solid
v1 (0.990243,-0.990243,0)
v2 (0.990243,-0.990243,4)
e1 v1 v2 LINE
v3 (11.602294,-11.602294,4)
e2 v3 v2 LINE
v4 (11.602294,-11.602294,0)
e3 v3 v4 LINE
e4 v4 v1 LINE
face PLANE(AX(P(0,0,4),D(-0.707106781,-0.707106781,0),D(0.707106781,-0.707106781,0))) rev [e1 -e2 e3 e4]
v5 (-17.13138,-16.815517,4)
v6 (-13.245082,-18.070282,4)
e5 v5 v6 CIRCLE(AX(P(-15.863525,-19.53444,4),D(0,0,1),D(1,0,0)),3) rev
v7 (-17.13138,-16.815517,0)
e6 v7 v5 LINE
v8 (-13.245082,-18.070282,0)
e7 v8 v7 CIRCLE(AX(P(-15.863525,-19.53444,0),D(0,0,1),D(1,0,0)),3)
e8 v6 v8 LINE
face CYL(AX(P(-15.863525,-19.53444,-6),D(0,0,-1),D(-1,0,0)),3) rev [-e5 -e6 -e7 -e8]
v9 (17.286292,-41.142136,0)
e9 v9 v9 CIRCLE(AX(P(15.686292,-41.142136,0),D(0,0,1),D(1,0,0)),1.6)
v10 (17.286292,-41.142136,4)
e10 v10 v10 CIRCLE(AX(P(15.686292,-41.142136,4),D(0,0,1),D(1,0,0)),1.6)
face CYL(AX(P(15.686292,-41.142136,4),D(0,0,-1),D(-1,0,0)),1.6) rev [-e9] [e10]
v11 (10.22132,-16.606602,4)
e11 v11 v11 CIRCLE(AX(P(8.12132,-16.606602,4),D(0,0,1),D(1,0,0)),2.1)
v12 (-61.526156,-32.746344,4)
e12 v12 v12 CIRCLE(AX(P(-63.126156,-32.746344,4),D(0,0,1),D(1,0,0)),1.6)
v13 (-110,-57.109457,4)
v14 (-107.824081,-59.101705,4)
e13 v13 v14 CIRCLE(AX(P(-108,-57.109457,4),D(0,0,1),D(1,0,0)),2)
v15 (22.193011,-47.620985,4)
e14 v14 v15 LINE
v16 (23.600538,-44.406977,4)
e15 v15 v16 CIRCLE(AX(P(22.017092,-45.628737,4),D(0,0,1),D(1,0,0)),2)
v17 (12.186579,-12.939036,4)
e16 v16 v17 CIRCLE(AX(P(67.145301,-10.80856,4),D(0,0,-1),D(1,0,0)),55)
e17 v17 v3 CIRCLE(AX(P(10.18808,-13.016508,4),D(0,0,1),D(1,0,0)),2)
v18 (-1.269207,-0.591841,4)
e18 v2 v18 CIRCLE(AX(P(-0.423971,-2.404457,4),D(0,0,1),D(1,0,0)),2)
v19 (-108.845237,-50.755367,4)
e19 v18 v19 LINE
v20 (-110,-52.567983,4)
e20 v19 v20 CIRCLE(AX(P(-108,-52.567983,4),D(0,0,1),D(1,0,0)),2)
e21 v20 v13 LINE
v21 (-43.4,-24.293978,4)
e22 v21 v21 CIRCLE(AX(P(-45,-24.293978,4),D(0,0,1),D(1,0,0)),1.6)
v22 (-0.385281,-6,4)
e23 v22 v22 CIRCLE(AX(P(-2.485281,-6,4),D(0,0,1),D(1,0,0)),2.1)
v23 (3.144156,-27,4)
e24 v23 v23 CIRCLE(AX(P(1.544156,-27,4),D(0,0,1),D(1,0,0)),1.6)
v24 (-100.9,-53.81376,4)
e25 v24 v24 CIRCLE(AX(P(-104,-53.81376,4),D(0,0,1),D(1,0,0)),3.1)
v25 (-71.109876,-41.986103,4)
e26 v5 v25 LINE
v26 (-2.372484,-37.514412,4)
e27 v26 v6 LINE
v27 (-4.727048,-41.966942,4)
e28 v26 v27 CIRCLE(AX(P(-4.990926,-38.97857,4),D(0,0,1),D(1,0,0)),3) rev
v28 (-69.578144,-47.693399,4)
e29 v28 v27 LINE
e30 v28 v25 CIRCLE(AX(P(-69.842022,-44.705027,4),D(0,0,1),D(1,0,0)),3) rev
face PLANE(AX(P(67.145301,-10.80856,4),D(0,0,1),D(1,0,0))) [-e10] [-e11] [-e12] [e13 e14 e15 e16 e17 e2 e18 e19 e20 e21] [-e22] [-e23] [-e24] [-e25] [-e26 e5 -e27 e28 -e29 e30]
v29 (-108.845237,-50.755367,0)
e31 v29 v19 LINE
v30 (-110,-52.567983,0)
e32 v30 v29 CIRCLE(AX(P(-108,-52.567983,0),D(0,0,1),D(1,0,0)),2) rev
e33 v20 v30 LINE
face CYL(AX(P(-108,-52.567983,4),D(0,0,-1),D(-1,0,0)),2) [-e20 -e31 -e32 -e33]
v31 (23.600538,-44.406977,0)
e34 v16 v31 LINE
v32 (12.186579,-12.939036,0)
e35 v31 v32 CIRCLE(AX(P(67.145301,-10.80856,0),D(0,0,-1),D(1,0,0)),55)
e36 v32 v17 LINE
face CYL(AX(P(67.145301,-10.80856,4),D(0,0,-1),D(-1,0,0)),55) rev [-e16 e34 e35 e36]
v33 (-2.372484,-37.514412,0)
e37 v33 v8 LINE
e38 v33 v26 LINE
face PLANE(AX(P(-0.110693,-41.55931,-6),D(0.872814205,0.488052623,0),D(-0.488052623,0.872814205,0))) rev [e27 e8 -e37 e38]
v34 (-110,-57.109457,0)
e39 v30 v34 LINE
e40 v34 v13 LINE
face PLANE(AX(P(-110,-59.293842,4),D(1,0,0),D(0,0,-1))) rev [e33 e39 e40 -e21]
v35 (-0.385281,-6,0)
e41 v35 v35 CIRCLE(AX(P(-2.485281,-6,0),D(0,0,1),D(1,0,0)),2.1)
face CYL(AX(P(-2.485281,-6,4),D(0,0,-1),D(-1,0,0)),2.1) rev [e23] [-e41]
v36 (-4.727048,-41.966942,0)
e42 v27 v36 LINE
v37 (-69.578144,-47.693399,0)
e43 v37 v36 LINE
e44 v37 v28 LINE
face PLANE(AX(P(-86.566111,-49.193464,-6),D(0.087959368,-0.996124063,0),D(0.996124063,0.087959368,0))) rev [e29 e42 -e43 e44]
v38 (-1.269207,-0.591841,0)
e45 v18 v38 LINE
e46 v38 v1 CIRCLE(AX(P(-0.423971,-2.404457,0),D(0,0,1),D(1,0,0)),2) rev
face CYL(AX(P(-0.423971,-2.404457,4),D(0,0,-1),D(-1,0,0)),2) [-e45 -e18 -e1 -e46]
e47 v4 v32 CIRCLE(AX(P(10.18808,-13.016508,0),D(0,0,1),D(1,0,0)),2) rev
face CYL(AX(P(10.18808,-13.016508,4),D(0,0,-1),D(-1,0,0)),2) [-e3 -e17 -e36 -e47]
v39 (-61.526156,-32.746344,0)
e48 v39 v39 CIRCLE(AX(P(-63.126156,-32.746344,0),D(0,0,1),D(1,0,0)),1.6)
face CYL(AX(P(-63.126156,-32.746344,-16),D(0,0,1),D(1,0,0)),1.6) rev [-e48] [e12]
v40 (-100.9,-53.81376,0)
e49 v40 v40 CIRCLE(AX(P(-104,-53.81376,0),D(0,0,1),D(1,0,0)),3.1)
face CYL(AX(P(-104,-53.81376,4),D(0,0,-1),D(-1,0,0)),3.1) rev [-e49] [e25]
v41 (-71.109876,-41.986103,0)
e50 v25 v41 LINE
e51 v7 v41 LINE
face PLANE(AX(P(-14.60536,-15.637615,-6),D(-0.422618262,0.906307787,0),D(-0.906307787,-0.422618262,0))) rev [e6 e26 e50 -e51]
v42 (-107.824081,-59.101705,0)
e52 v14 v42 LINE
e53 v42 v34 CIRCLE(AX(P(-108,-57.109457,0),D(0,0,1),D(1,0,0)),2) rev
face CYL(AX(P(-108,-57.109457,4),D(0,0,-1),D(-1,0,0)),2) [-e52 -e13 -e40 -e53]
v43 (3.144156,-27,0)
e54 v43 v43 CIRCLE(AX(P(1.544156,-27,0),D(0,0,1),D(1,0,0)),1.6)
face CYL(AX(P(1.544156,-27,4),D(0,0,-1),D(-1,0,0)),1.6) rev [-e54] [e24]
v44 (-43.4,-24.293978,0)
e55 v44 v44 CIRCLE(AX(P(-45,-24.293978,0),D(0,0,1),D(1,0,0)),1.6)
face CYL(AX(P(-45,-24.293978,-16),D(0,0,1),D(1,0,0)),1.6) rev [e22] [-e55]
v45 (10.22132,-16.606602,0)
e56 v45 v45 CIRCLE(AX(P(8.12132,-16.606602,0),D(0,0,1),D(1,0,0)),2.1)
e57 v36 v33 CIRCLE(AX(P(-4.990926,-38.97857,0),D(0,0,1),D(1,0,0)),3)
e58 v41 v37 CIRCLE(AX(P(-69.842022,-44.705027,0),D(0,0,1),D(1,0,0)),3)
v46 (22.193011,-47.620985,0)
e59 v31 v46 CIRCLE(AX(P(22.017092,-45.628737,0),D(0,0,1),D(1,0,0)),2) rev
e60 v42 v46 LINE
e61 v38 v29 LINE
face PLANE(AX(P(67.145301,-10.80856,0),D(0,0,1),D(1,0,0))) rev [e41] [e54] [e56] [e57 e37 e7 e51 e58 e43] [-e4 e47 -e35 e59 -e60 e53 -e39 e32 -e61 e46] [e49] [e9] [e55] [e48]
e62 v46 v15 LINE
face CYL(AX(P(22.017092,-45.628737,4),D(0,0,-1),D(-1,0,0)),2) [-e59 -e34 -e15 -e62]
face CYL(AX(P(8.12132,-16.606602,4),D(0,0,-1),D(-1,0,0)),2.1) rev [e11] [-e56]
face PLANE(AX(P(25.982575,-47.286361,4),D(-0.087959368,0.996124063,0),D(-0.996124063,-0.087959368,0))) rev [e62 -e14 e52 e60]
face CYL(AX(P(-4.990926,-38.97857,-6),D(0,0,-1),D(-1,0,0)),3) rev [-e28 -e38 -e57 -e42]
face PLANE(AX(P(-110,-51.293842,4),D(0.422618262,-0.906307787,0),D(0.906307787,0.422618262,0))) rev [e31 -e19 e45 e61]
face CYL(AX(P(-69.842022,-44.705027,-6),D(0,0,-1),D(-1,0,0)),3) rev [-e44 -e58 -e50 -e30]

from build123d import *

# Parameters (mm, degrees)
SKETCH_1_R          = 3.1
SKETCH_1_R_2        = 2.1
SKETCH_1_R_3        = 1.6
EXTRUDE_1_DEPTH     = 4
FILLET_2_R          = 2
SKETCH_2_R          = 1.6
CUT_EXTRUDE_1_DEPTH = 20
CUT_EXTRUDE_2_DEPTH = 10
FILLET_3_R          = 3


with BuildPart() as part:
    # 草图1 → 凸台-拉伸1 (new body)
    with BuildSketch(Plane.XY):
        with BuildLine():
            Line((25.982574674, -47.286360788), (-110, -59.293842397))
            Line((-110, -59.293842397), (-110, -51.293842397))
            Line((-110, -51.293842397), (0, 0))
            Line((0, 0), (12.161955086, -12.161955086))
            ThreePointArc((12.161955086, -12.161955086), (15.964760057, -30.946887294), (25.982574674, -47.286360788))
        make_face()
        with Locations((-104, -53.81375969)):
            Circle(SKETCH_1_R, mode=Mode.SUBTRACT)
        with Locations((-2.485281374, -6)):
            Circle(SKETCH_1_R_2, mode=Mode.SUBTRACT)
        with Locations((8.121320344, -16.606601718)):
            Circle(SKETCH_1_R_2, mode=Mode.SUBTRACT)
        with Locations((1.544155877, -27)):
            Circle(SKETCH_1_R_3, mode=Mode.SUBTRACT)
        with Locations((15.686291501, -41.142135624)):
            Circle(SKETCH_1_R_3, mode=Mode.SUBTRACT)
    extrude(amount=EXTRUDE_1_DEPTH)

    # 圆角2
    fillet_2_edges = [part.edges().sort_by_distance(p)[0] for p in [
        (12.161955086, -12.161955086, 2),
        (25.982574674, -47.286360788, 2),
        (-110, -59.293842397, 2),
        (-110, -51.293842397, 2),
        (0, 0, 2),
    ]]
    fillet(fillet_2_edges, radius=FILLET_2_R)

    # 草图2 → 切除-拉伸1 (cut)
    with BuildSketch(Plane.XY.offset(4)):
        with Locations((-45, -24.293978374)):
            Circle(SKETCH_2_R)
        with Locations((-63.126155741, -32.746343609)):
            Circle(SKETCH_2_R)
    extrude(amount=-CUT_EXTRUDE_1_DEPTH, mode=Mode.SUBTRACT)

    # 草图3 → 切除-拉伸2 (cut)
    with BuildSketch(Plane.XY.offset(4)):
        Polygon((-14.605360146, -15.637614638), (-86.566111127, -49.193463907), (-0.110692732, -41.559310422), align=None)
    extrude(amount=-CUT_EXTRUDE_2_DEPTH, mode=Mode.SUBTRACT)

    # 圆角3
    fillet_3_edges = [part.edges().sort_by_distance(p)[0] for p in [
        (-14.605360146, -15.637614638, 2),
        (-0.110692732, -41.559310422, 2),
        (-86.566111127, -49.193463907, 2),
    ]]
    fillet(fillet_3_edges, radius=FILLET_3_R)


solid = part.part
